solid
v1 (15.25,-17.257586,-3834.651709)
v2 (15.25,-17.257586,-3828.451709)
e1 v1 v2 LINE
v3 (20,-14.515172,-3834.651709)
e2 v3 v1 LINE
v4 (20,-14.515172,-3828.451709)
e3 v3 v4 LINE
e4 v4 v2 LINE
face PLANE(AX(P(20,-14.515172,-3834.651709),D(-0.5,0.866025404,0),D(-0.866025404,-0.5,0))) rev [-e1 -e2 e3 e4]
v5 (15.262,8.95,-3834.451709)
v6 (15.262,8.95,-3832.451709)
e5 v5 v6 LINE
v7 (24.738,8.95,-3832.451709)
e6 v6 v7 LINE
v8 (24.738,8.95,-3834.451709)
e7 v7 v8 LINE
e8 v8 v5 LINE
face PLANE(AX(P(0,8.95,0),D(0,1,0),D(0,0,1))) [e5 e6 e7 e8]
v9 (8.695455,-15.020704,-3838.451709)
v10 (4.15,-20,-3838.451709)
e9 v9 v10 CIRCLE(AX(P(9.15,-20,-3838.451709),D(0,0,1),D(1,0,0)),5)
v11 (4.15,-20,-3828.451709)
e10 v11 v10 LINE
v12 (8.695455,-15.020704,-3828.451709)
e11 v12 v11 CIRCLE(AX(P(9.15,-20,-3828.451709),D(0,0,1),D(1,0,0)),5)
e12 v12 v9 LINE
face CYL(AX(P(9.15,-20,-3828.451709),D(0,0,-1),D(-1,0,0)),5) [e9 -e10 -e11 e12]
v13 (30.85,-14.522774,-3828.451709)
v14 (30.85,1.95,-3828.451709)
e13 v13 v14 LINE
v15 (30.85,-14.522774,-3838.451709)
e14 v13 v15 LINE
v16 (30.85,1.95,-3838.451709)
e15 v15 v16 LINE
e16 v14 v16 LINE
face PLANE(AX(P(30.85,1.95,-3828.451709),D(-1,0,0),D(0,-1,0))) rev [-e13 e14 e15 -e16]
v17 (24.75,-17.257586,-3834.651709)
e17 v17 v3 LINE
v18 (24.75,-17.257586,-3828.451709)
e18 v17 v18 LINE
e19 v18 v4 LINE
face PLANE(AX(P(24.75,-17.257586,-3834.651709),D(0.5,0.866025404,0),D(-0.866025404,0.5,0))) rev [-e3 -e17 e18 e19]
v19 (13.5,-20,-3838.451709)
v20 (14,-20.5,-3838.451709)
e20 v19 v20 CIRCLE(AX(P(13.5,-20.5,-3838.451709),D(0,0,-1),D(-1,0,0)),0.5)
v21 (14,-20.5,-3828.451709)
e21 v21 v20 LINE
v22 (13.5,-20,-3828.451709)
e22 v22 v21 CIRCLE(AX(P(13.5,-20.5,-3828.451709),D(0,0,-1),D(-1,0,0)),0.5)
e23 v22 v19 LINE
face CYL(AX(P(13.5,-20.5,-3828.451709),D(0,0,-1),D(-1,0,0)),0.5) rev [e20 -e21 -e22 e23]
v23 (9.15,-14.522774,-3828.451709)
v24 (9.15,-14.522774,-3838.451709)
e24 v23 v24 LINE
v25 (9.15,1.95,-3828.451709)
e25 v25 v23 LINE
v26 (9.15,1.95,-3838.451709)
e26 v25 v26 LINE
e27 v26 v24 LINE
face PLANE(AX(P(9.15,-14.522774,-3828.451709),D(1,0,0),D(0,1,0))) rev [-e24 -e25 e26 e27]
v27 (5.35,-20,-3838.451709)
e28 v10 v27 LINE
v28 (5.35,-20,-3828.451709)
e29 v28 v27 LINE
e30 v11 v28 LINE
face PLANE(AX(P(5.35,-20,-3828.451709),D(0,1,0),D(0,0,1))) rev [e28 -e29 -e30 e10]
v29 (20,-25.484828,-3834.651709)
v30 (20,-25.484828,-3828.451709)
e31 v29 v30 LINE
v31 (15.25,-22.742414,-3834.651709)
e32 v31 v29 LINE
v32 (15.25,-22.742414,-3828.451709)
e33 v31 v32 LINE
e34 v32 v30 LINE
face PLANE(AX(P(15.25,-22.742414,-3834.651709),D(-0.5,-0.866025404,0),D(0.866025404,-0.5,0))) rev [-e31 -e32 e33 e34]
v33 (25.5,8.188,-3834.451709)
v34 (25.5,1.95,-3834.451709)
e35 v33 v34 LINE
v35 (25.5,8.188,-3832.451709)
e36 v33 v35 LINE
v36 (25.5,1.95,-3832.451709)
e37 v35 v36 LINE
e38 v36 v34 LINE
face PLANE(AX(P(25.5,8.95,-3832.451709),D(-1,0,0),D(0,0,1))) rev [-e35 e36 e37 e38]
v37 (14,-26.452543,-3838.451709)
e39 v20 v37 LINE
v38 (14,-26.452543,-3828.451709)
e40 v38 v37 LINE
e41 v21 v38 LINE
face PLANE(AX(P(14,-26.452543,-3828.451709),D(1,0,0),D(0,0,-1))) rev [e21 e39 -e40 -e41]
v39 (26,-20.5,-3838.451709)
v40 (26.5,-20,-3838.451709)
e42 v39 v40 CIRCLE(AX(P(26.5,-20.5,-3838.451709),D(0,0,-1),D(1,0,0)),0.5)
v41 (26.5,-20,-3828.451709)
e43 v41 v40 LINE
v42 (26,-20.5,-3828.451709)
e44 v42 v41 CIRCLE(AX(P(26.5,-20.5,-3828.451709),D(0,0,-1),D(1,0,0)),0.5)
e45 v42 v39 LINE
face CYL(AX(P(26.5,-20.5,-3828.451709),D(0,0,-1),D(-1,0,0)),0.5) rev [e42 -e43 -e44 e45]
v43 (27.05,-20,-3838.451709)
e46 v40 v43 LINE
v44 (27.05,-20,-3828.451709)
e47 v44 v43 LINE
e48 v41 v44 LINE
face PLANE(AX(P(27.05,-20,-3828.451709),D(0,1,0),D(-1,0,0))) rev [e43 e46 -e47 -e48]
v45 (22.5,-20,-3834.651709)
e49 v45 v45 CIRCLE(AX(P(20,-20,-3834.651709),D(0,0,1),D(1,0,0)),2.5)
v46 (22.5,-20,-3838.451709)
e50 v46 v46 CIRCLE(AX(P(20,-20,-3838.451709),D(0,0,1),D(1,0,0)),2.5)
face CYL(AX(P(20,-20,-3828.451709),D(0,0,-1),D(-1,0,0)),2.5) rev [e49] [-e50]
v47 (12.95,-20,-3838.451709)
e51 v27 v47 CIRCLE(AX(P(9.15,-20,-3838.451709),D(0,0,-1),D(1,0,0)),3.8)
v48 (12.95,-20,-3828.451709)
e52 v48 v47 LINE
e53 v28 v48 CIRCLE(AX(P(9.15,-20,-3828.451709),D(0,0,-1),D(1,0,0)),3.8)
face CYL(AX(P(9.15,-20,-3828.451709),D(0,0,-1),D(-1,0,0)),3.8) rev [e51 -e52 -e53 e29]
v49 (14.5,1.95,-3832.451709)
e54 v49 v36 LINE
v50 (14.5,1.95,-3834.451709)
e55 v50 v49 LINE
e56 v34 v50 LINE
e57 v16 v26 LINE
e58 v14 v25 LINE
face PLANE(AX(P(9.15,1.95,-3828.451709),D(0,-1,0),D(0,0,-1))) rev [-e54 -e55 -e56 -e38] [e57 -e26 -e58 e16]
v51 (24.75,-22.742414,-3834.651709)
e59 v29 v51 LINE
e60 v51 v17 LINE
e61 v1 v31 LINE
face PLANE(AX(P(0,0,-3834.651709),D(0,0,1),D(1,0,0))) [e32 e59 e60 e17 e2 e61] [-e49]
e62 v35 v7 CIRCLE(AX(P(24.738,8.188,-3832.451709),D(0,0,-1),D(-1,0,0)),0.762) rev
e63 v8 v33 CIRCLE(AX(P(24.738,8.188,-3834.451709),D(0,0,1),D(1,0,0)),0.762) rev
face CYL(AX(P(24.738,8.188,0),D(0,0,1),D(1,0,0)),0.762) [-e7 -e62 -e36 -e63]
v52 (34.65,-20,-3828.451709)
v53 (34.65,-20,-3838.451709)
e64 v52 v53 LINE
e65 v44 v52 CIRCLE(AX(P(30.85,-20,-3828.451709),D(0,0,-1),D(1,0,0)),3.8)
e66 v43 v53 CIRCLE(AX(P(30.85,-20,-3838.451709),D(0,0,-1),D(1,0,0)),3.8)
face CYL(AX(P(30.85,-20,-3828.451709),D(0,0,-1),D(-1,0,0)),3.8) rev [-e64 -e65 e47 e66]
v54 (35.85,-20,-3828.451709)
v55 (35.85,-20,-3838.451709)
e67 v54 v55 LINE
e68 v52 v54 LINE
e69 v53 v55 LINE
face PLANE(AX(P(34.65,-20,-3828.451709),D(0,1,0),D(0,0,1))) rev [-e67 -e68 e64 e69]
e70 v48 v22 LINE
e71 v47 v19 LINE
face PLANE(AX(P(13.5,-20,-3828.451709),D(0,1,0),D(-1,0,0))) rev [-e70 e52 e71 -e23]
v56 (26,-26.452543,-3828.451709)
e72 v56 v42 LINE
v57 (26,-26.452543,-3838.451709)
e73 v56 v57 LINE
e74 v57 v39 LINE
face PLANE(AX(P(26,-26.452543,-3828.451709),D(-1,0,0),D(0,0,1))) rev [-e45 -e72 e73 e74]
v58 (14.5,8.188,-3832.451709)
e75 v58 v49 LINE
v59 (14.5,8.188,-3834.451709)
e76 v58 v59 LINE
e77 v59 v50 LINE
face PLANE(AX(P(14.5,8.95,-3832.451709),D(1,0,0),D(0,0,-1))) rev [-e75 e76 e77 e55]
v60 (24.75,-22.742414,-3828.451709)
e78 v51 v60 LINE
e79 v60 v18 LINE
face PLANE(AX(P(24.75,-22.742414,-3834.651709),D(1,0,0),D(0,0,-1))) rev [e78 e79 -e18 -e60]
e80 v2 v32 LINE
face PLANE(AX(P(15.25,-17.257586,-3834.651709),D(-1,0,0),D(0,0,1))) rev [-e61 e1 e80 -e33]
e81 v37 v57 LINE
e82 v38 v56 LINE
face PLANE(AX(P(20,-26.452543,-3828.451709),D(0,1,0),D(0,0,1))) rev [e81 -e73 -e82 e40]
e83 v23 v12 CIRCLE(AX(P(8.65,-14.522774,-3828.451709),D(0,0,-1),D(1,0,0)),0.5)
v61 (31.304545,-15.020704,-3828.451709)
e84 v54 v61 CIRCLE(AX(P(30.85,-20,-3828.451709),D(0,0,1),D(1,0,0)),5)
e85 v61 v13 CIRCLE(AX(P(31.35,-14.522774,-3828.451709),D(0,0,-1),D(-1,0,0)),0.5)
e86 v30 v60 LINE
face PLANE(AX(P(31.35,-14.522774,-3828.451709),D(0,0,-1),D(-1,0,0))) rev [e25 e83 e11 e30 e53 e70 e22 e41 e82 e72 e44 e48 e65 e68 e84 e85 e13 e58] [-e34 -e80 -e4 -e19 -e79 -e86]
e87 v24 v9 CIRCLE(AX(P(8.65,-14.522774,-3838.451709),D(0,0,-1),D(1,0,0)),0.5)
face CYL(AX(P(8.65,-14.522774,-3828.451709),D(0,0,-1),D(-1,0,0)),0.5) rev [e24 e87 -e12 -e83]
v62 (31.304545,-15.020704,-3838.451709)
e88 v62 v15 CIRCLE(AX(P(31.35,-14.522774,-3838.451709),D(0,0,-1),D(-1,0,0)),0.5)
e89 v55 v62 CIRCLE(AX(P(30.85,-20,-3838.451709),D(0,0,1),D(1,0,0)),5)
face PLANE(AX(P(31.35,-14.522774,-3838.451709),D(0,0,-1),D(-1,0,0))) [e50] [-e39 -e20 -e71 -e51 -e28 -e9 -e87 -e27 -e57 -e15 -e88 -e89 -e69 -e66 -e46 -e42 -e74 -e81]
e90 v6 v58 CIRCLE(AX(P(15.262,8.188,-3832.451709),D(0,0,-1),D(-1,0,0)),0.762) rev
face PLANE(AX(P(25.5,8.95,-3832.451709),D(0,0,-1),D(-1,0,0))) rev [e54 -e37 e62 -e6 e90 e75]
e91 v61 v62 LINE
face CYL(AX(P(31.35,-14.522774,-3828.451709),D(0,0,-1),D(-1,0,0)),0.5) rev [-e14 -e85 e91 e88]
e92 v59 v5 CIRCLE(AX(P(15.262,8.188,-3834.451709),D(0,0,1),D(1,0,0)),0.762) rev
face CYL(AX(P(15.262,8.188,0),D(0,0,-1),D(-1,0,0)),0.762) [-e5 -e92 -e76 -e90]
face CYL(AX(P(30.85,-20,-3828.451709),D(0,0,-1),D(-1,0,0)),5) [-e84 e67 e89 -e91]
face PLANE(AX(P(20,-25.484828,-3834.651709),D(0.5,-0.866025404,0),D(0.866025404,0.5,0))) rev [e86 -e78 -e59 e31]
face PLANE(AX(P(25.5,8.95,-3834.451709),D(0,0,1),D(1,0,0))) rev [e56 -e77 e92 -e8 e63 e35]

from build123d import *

# Parameters (mm, degrees)
SKETCH2_R           = 2.5
BOSS_EXTRUDE1_DEPTH = 10
CUT_EXTRUDE1_DEPTH  = 6.2
SKETCH4_W           = 11
SKETCH4_H           = 2
BOSS_EXTRUDE2_DEPTH = 7
FILLET1_R           = 0.762


with BuildPart() as part:
    # Sketch2 → Boss-Extrude1 (new body)
    with BuildSketch(Plane.XY.offset(-3838.451709017)):
        with BuildLine():
            Line((13.5, -20), (12.95, -20))
            ThreePointArc((12.95, -20), (9.15, -16.2), (5.35, -20))
            Line((5.35, -20), (4.15, -20))
            ThreePointArc((4.15, -20), (5.457255271, -16.629000688), (8.695454545, -15.020704023))
            ThreePointArc((8.695454545, -15.020704023), (9.019274473, -14.859874356), (9.15, -14.522774425))
            Line((9.15, -14.522774425), (9.15, 1.95))
            Line((9.15, 1.95), (30.85, 1.95))
            Line((30.85, 1.95), (30.85, -14.522774425))
            ThreePointArc((30.85, -14.522774425), (30.980725527, -14.859874356), (31.304545455, -15.020704023))
            ThreePointArc((31.304545455, -15.020704023), (34.542744729, -16.629000688), (35.85, -20))
            Line((35.85, -20), (34.65, -20))
            ThreePointArc((34.65, -20), (30.85, -16.2), (27.05, -20))
            Line((27.05, -20), (26.5, -20))
            ThreePointArc((26.5, -20), (26.146446609, -20.146446609), (26, -20.5))
            Line((26, -20.5), (26, -26.452543058))
            Line((26, -26.452543058), (20, -26.452543058))
            Line((20, -26.452543058), (14, -26.452543058))
            Line((14, -26.452543058), (14, -20.5))
            ThreePointArc((14, -20.5), (13.853553391, -20.146446609), (13.5, -20))
        make_face()
        with Locations((20, -20)):
            Circle(SKETCH2_R, mode=Mode.SUBTRACT)
    extrude(amount=BOSS_EXTRUDE1_DEPTH)

    # Sketch3 → Cut-Extrude1 (cut)
    with BuildSketch(Plane.XY.offset(-3828.451709017)):
        Polygon((20, -25.484827557), (24.75, -22.742413779), (24.75, -17.257586221), (20, -14.515172443), (15.25, -17.257586221), (15.25, -22.742413779), align=None)
    extrude(amount=-CUT_EXTRUDE1_DEPTH, mode=Mode.SUBTRACT)

    # Sketch4 → Boss-Extrude2 (add)
    with BuildSketch(Plane(origin=(0, 1.95, 0), x_dir=(1, 0, 0), z_dir=(0, 1, 0))):
        with Locations((20, 3833.451709017)):
            Rectangle(SKETCH4_W, SKETCH4_H)
    extrude(amount=BOSS_EXTRUDE2_DEPTH)

    # Fillet1
    fillet1_edges = [part.edges().sort_by_distance(p)[0] for p in [
        (25.5, 8.95, -3833.451709017),
        (14.5, 8.95, -3833.451709017),
    ]]
    fillet(fillet1_edges, radius=FILLET1_R)


solid = part.part
